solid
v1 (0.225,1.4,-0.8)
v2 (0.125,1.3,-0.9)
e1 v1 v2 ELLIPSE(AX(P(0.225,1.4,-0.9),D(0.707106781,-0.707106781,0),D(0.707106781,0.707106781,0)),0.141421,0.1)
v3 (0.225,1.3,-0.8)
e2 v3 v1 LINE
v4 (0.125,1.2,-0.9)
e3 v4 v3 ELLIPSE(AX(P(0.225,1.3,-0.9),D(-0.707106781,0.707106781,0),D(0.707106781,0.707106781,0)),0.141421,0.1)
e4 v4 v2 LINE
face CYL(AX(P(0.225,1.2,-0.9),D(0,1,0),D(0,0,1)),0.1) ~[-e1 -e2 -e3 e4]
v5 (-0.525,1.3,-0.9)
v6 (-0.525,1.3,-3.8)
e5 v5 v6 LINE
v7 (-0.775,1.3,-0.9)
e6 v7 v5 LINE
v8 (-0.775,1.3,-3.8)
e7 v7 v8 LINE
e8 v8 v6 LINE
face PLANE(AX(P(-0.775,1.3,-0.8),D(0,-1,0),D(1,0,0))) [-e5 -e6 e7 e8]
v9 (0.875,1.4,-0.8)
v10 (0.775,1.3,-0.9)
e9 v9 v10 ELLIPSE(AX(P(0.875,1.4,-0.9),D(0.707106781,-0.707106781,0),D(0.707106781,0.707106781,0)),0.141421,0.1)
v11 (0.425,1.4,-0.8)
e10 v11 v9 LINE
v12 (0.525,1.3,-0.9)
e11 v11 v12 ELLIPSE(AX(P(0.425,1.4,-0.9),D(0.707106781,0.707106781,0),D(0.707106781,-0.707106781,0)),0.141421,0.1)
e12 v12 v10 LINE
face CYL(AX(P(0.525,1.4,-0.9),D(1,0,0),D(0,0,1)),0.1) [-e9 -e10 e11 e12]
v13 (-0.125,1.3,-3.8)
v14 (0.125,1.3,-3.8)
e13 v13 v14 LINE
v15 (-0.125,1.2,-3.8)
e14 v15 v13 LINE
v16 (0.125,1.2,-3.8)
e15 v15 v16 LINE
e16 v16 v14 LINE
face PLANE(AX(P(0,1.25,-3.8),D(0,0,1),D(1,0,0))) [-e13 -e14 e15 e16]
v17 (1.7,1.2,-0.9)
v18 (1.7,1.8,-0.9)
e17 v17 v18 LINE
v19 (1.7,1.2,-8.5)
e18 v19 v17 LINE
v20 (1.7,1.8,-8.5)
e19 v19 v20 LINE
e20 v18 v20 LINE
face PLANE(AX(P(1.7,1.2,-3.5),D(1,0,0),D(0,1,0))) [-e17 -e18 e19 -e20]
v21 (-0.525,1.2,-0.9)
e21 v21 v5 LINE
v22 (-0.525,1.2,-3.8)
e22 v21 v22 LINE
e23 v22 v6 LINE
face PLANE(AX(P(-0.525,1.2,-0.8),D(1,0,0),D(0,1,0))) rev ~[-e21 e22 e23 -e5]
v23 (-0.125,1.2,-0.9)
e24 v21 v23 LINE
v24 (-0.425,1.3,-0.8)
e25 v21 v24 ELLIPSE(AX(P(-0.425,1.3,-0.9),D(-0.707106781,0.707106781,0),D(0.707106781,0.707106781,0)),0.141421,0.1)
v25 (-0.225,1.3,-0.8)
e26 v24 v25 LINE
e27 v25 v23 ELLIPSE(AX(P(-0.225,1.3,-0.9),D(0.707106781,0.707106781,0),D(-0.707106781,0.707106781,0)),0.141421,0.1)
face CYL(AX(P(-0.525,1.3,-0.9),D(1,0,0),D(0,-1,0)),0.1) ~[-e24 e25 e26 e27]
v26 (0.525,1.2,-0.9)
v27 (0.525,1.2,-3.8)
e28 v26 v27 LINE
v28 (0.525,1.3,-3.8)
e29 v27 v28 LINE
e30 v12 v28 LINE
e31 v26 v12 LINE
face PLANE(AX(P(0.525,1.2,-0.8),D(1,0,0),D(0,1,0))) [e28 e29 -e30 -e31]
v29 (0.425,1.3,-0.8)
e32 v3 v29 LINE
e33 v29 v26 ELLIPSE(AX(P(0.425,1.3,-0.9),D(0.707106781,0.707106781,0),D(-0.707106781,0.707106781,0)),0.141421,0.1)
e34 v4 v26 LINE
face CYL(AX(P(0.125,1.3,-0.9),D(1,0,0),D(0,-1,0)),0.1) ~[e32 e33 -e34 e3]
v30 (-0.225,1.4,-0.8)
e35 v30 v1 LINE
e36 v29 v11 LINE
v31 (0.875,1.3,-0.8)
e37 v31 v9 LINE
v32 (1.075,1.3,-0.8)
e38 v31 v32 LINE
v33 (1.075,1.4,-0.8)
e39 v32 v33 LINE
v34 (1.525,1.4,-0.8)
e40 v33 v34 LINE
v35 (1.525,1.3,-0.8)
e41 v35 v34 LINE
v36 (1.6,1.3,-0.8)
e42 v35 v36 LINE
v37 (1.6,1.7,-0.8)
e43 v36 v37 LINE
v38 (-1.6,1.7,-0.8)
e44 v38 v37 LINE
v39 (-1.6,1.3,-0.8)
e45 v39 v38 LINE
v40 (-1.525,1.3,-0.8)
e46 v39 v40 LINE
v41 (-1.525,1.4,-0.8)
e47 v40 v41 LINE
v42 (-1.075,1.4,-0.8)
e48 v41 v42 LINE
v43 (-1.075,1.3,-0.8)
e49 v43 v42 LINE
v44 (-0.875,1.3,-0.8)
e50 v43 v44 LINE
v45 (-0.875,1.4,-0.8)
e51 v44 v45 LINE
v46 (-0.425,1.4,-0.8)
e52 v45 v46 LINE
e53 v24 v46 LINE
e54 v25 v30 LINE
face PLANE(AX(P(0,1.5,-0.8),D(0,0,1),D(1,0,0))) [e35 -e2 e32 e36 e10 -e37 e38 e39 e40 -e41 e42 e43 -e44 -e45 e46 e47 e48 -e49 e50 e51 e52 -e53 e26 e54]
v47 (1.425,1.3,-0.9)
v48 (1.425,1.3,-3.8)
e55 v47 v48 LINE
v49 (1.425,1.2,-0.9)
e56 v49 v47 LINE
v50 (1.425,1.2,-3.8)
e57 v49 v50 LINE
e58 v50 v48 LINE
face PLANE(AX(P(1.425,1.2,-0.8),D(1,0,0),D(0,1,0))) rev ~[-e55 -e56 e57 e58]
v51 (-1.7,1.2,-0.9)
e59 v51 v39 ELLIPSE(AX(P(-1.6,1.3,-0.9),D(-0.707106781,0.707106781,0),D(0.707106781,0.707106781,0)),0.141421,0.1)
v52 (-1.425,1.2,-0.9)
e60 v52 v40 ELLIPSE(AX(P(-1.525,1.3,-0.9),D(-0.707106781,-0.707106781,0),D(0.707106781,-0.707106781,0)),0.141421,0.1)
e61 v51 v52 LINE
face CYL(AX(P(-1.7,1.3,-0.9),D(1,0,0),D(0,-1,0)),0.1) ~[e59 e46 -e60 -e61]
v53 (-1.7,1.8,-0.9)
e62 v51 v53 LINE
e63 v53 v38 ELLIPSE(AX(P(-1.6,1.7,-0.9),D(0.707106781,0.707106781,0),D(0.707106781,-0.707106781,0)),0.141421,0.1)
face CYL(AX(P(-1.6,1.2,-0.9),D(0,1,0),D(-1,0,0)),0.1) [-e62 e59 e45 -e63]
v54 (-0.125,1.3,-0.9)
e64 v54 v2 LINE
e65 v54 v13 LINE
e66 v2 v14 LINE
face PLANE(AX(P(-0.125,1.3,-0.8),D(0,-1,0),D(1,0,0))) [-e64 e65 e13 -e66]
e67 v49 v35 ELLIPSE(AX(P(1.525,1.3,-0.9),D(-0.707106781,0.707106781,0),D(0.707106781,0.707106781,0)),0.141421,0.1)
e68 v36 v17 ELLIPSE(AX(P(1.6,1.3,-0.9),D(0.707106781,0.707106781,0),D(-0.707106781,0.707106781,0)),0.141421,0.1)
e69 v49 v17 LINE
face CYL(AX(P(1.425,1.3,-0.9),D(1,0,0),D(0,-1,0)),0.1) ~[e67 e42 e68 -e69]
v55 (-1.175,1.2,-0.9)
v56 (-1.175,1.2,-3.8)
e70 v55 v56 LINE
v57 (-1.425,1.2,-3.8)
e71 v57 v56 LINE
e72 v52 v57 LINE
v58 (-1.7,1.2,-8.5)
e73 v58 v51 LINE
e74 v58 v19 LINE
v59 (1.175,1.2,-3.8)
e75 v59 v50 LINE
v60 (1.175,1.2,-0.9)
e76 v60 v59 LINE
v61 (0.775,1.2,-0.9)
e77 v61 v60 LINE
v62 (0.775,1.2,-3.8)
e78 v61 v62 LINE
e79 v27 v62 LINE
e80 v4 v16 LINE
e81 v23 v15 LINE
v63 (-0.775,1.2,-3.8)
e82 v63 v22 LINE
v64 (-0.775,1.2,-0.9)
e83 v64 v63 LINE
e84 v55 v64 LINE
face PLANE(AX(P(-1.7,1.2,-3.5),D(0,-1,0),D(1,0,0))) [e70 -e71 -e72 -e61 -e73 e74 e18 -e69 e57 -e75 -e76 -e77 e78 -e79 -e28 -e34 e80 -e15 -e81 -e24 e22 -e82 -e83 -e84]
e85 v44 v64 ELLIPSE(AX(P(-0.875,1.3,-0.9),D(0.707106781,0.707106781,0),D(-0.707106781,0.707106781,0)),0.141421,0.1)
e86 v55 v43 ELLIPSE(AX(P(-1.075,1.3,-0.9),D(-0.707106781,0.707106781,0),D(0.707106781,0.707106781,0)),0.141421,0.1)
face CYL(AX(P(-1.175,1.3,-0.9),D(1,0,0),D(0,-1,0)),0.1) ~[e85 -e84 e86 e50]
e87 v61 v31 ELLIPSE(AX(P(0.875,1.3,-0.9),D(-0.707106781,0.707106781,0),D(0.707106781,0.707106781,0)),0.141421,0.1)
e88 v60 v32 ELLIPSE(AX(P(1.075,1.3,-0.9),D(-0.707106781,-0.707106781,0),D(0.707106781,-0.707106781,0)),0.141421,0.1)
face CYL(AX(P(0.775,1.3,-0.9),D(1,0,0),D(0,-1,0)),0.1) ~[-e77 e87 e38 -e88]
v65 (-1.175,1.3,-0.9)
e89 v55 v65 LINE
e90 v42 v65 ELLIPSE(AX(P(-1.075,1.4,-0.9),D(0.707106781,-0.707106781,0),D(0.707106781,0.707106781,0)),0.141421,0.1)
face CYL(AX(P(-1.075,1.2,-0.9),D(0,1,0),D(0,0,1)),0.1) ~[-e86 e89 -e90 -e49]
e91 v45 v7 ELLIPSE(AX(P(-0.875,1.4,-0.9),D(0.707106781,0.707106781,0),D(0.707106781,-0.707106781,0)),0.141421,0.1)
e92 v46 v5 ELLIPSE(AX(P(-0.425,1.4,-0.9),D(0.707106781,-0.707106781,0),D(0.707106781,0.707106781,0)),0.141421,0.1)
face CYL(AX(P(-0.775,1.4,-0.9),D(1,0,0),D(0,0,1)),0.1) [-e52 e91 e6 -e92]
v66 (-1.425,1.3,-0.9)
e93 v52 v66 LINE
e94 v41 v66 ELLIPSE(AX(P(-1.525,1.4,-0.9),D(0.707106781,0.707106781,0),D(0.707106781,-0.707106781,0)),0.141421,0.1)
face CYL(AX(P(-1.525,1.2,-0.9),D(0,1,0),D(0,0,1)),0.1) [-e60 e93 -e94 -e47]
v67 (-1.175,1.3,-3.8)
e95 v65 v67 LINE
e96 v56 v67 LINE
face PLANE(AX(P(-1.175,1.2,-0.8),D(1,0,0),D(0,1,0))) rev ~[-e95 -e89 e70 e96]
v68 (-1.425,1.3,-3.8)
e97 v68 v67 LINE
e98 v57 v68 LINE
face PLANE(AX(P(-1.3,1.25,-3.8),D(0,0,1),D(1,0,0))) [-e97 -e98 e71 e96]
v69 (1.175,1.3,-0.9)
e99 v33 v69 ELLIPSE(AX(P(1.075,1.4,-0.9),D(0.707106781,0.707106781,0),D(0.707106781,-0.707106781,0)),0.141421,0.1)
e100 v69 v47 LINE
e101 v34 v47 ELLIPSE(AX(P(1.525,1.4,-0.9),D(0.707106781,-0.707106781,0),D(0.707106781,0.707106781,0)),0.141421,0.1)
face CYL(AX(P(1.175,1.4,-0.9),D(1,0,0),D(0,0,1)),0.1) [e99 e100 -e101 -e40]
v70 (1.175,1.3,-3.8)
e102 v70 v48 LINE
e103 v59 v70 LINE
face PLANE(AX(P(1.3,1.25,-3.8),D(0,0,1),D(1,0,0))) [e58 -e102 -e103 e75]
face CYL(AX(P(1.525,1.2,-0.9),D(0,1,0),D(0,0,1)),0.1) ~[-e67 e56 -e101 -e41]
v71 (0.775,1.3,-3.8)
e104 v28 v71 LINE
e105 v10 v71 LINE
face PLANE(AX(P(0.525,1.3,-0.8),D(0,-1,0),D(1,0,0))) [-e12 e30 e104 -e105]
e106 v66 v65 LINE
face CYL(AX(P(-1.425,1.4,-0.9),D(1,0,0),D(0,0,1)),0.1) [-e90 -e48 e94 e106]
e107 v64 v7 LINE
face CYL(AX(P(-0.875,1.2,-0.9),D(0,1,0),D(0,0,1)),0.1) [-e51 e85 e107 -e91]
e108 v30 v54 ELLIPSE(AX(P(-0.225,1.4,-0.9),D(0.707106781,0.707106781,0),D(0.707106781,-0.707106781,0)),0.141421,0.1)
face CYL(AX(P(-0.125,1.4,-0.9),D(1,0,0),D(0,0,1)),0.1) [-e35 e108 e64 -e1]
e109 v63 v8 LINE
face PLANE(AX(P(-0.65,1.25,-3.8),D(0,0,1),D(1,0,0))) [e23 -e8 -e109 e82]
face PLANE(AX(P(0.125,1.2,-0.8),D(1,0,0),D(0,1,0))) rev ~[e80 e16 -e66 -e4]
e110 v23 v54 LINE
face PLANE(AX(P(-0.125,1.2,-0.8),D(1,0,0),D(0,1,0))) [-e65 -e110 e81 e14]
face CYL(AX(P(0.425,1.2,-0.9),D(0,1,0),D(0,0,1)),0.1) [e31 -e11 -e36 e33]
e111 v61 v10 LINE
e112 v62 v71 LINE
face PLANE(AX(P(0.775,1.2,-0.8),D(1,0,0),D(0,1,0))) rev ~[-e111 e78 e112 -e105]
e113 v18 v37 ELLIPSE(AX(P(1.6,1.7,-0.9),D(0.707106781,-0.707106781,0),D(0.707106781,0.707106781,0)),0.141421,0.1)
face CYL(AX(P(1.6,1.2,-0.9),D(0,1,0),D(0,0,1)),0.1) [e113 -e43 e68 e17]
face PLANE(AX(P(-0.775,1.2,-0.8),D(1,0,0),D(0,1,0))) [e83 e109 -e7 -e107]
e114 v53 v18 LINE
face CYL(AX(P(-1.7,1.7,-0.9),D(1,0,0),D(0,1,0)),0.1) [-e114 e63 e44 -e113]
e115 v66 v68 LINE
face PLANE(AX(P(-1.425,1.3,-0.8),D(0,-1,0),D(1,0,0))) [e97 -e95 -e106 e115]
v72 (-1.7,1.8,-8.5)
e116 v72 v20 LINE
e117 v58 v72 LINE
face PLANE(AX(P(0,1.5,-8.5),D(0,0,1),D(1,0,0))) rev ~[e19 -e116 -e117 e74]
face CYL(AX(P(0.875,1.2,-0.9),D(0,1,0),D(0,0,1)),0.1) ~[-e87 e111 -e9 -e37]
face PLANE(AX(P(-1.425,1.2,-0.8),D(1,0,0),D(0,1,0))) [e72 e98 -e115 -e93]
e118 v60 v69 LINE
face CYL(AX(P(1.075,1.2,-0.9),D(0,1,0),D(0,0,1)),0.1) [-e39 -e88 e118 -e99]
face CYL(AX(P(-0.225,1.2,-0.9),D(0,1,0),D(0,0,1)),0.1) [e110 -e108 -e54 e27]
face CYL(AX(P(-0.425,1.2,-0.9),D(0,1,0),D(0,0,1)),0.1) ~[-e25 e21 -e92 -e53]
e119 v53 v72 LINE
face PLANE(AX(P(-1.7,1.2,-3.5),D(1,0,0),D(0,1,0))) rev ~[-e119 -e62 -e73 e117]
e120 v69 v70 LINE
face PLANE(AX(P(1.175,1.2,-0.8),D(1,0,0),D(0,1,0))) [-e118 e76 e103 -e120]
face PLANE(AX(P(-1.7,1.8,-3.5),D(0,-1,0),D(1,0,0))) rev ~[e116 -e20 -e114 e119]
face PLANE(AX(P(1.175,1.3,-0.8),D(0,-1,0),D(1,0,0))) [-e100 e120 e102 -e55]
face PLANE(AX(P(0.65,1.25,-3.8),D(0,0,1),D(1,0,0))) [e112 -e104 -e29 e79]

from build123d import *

# Parameters (mm, degrees)
SKETCH2_W                = 3.4
SKETCH2_H                = 0.6
BOSS_EXTRUDE2_DEPTH      = 2.7
BOSS_EXTRUDE2_DEPTH_BACK = 5
SKETCH3_W                = 0.25
SKETCH3_H                = 0.1
CUT_EXTRUDE1_DEPTH       = 3
FILLET1_R                = 0.1


with BuildPart() as part:
    # Sketch2 → Boss-Extrude2 (new body, two sides)
    with BuildSketch(Plane.XY.offset(-3.5)) as boss_extrude2_sk:
        with Locations((0, 1.5)):
            Rectangle(SKETCH2_W, SKETCH2_H)
    extrude(amount=BOSS_EXTRUDE2_DEPTH)
    extrude(boss_extrude2_sk.sketch, amount=-BOSS_EXTRUDE2_DEPTH_BACK)

    # Sketch3 → Cut-Extrude1 (cut)
    with BuildSketch(Plane.XY.offset(-0.8)):
        with Locations((-1.3, 1.25)):
            Rectangle(SKETCH3_W, SKETCH3_H)
        with Locations((-0.65, 1.25)):
            Rectangle(SKETCH3_W, SKETCH3_H)
        with Locations((0, 1.25)):
            Rectangle(SKETCH3_W, SKETCH3_H)
        with Locations((0.65, 1.25)):
            Rectangle(SKETCH3_W, SKETCH3_H)
        with Locations((1.3, 1.25)):
            Rectangle(SKETCH3_W, SKETCH3_H)
    extrude(amount=-CUT_EXTRUDE1_DEPTH, mode=Mode.SUBTRACT)

    # Fillet1
    fillet1_edges = [part.edges().sort_by_distance(p)[0] for p in [
        (0, 1.8, -0.8),
        (1.7, 1.5, -0.8),
        (1.5625, 1.2, -0.8),
        (-1.5625, 1.2, -0.8),
        (-1.7, 1.5, -0.8),
        (0.975, 1.2, -0.8),
        (0.775, 1.25, -0.8),
        (0.65, 1.3, -0.8),
        (0.525, 1.25, -0.8),
        (0.325, 1.2, -0.8),
        (0.125, 1.25, -0.8),
        (0, 1.3, -0.8),
        (-0.125, 1.25, -0.8),
        (-0.325, 1.2, -0.8),
        (-0.525, 1.25, -0.8),
        (-0.65, 1.3, -0.8),
        (-0.775, 1.25, -0.8),
        (-0.975, 1.2, -0.8),
        (-1.175, 1.25, -0.8),
        (-1.3, 1.3, -0.8),
        (-1.425, 1.25, -0.8),
        (1.425, 1.25, -0.8),
        (1.3, 1.3, -0.8),
        (1.175, 1.25, -0.8),
    ]]
    fillet(fillet1_edges, radius=FILLET1_R)


solid = part.part
